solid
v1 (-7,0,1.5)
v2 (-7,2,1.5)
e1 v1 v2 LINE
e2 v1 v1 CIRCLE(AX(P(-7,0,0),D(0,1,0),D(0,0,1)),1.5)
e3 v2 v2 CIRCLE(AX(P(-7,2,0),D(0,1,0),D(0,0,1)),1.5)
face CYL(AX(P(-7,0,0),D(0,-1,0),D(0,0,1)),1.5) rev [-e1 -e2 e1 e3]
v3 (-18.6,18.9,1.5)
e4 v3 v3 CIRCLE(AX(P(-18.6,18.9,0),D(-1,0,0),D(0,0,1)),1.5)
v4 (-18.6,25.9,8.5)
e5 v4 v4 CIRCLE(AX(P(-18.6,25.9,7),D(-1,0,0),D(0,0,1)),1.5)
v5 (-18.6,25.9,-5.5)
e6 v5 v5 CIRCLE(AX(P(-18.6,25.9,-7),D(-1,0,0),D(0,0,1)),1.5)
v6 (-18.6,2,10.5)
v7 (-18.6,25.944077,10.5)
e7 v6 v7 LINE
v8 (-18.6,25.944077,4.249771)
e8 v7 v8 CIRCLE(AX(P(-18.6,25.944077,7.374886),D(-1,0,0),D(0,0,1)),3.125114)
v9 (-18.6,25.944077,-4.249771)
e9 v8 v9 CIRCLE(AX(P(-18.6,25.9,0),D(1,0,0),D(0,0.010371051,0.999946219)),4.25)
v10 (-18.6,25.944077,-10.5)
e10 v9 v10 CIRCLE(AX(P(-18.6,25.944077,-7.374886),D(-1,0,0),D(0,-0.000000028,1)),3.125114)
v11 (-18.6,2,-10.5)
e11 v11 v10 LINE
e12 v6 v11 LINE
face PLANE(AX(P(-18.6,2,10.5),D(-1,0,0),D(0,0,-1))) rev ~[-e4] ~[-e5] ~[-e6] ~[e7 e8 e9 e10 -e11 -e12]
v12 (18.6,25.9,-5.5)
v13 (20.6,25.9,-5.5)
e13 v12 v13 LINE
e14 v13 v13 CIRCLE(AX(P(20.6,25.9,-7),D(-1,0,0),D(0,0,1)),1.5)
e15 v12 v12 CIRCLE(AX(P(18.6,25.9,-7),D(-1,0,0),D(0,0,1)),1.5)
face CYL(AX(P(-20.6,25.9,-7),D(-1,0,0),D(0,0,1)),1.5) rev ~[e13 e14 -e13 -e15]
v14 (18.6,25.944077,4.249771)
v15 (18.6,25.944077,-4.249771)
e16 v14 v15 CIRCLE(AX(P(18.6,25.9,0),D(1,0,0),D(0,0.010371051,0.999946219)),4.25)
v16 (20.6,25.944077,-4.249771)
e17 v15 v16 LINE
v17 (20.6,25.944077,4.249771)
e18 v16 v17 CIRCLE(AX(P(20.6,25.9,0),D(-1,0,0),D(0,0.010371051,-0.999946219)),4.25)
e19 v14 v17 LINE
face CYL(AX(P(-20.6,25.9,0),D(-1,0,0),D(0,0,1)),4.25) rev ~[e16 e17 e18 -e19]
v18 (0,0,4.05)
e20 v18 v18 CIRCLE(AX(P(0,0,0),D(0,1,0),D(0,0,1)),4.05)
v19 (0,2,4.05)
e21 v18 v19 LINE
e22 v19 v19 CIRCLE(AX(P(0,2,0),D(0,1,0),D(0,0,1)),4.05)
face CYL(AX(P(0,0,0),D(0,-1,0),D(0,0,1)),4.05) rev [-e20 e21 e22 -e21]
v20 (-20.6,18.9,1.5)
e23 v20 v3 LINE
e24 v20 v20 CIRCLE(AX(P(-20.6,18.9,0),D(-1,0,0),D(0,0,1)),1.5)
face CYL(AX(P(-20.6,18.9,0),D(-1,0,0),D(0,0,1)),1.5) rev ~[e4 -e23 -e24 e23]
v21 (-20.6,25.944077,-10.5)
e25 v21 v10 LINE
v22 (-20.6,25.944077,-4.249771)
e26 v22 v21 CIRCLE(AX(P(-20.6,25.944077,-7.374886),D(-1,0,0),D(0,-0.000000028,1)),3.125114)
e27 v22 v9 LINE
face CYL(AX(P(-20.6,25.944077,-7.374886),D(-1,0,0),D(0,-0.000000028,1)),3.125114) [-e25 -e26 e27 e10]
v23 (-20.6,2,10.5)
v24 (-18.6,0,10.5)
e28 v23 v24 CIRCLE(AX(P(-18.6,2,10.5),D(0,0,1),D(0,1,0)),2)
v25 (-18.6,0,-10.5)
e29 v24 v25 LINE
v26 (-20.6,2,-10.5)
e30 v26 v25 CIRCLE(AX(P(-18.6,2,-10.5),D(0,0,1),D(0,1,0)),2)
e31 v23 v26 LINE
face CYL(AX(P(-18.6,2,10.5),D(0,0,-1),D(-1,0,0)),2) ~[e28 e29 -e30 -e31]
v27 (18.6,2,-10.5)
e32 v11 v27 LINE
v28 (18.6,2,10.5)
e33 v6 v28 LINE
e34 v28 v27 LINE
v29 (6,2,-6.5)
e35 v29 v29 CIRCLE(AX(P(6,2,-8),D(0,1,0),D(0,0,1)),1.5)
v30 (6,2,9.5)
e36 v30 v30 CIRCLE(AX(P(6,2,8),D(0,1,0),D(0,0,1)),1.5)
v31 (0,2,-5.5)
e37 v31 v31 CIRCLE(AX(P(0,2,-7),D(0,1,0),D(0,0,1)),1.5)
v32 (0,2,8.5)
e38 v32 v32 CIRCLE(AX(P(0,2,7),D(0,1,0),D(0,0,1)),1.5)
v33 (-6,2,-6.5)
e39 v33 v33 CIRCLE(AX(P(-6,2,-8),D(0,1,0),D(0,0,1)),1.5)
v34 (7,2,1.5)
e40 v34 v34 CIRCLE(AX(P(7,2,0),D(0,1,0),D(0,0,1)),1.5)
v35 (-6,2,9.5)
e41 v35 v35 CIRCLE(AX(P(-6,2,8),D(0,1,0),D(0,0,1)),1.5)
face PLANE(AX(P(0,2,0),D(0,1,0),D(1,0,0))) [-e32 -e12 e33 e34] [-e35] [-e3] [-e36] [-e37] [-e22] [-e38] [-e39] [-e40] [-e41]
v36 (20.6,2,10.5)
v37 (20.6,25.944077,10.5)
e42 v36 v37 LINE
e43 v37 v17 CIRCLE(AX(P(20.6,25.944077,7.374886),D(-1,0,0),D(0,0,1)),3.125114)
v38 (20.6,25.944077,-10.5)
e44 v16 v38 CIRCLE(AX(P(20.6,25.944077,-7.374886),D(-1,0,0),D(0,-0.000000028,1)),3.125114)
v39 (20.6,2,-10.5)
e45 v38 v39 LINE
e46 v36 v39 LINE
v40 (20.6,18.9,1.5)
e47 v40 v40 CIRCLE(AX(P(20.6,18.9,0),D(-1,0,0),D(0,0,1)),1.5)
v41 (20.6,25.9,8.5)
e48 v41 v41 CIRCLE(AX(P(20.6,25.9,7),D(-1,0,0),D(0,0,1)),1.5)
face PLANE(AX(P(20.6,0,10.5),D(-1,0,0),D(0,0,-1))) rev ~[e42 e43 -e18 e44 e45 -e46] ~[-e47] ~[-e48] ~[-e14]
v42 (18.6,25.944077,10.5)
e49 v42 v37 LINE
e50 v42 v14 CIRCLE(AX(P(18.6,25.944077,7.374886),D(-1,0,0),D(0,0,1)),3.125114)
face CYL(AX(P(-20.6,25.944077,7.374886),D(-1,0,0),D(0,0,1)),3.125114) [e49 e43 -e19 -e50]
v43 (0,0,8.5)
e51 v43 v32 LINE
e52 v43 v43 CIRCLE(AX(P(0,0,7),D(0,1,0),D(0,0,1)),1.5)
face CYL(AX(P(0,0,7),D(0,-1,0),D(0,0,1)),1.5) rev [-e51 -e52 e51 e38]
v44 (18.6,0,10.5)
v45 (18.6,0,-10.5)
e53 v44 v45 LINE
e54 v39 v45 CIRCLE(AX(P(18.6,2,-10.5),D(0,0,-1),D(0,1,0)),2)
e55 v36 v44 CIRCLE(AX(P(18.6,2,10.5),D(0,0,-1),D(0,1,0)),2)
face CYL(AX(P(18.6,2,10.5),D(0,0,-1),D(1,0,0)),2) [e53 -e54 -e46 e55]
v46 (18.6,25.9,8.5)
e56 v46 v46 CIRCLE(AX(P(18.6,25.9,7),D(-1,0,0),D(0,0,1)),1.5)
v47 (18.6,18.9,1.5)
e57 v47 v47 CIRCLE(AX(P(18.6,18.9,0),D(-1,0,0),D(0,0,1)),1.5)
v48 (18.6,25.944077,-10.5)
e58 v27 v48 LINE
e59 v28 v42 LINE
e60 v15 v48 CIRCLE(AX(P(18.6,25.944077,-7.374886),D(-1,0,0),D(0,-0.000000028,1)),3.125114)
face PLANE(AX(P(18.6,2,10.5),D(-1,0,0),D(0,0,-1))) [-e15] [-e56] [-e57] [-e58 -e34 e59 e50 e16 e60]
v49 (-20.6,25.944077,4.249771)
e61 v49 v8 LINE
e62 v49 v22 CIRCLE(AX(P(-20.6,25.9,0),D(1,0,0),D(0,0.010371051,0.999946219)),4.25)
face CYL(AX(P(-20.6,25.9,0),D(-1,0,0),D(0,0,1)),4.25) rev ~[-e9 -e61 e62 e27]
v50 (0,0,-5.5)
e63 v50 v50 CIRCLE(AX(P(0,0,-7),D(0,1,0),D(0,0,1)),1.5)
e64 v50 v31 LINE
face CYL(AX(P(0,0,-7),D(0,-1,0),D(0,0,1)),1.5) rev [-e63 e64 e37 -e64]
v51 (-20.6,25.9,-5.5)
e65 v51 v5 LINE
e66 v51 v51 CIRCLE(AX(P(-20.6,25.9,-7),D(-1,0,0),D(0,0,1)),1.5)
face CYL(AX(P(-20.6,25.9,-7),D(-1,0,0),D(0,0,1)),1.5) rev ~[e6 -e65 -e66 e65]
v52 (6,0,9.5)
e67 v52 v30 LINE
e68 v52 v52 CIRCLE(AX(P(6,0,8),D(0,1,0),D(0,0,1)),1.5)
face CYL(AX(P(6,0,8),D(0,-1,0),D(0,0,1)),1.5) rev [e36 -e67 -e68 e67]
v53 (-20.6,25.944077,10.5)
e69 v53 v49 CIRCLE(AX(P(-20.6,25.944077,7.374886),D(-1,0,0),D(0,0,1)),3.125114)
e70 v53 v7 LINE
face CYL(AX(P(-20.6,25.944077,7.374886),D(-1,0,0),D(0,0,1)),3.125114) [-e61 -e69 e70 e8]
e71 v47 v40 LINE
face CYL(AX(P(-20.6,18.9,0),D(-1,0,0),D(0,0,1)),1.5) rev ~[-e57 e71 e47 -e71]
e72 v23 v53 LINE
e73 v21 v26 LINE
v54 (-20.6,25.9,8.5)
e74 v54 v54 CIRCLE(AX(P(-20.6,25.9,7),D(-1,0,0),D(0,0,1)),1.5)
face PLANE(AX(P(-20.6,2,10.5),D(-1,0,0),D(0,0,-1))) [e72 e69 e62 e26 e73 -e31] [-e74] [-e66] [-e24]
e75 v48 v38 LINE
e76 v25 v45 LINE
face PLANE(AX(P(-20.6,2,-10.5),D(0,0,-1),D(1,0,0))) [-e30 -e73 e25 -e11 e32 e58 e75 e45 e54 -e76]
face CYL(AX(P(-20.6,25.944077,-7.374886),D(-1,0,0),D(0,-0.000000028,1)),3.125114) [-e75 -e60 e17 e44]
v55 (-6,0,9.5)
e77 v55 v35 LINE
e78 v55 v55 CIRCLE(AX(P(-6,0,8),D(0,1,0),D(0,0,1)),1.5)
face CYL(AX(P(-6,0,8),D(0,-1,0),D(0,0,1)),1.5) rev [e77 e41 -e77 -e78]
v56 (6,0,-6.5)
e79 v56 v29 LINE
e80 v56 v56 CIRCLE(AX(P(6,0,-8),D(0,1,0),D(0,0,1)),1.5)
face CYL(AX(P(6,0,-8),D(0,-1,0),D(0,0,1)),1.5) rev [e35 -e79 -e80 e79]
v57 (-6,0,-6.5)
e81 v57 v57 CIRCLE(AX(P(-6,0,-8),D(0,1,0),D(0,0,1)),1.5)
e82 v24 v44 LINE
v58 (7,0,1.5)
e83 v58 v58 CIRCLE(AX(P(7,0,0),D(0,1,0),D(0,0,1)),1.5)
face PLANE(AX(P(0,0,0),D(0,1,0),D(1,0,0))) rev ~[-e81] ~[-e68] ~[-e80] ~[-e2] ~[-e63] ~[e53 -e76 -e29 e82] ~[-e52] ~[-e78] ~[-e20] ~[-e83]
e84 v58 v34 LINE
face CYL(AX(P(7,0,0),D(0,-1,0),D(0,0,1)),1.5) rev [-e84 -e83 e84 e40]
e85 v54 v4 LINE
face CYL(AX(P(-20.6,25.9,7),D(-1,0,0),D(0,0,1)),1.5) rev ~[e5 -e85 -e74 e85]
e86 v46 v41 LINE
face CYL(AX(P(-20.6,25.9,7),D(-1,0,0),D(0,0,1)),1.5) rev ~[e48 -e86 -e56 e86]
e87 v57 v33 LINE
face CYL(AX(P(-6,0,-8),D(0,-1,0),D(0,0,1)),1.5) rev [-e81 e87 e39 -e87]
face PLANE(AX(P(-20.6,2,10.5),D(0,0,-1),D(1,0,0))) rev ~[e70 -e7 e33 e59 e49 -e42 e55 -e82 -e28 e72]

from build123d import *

# Parameters (mm, degrees)
SKETCH1_W           = 41.2
SKETCH1_H           = 21
SKETCH1_R           = 4.05
SKETCH1_R_2         = 1.5
BOSS_EXTRUDE1_DEPTH = 2
SKETCH2_W           = 2
SKETCH2_H           = 21
BOSS_EXTRUDE2_DEPTH = 28.2
SKETCH3_R           = 1.5
SKETCH3_R_2         = 4.25
CUT_EXTRUDE1_DEPTH  = 53.151030671
CUT_EXTRUDE2_DEPTH  = 53.151030671
FILLET1_R           = 2


with BuildPart() as part:
    # Sketch1 → Boss-Extrude1 (new body)
    with BuildSketch(Plane(origin=(0, 0, 0), x_dir=(1, 0, 0), z_dir=(0, 1, 0))):
        Rectangle(SKETCH1_W, SKETCH1_H)
        with Locations(Location((0, 0, 0), (0, 0, 270))):
            Circle(SKETCH1_R, mode=Mode.SUBTRACT)
        with Locations(Location((0, 7, 0), (0, 0, 270))):
            Circle(SKETCH1_R_2, mode=Mode.SUBTRACT)
        with Locations(Location((7, 0, 0), (0, 0, 270))):
            Circle(SKETCH1_R_2, mode=Mode.SUBTRACT)
        with Locations(Location((0, -7, 0), (0, 0, 270))):
            Circle(SKETCH1_R_2, mode=Mode.SUBTRACT)
        with Locations(Location((-7, 0, 0), (0, 0, 270))):
            Circle(SKETCH1_R_2, mode=Mode.SUBTRACT)
        with Locations(Location((6, -8, 0), (0, 0, 270))):
            Circle(SKETCH1_R_2, mode=Mode.SUBTRACT)
        with Locations(Location((6, 8, 0), (0, 0, 270))):
            Circle(SKETCH1_R_2, mode=Mode.SUBTRACT)
        with Locations(Location((-6, 8, 0), (0, 0, 270))):
            Circle(SKETCH1_R_2, mode=Mode.SUBTRACT)
        with Locations(Location((-6, -8, 0), (0, 0, 270))):
            Circle(SKETCH1_R_2, mode=Mode.SUBTRACT)
    extrude(amount=BOSS_EXTRUDE1_DEPTH)

    # Sketch2 → Boss-Extrude2 (add)
    with BuildSketch(Plane(origin=(0, 2, 0), x_dir=(1, 0, 0), z_dir=(0, 1, 0))):
        with Locations((-19.6, 0)):
            Rectangle(SKETCH2_W, SKETCH2_H)
        with Locations((19.6, 0)):
            Rectangle(SKETCH2_W, SKETCH2_H)
    extrude(amount=BOSS_EXTRUDE2_DEPTH)

    # Sketch3 → Cut-Extrude1 (cut, through all)
    with BuildSketch(Plane.ZY.offset(20.6)):
        with Locations((-7, 25.9)):
            Circle(SKETCH3_R)
        with Locations((0, 18.9)):
            Circle(SKETCH3_R)
        with Locations((7, 25.9)):
            Circle(SKETCH3_R)
        with Locations((0, 25.9)):
            Circle(SKETCH3_R_2)
    extrude(amount=-CUT_EXTRUDE1_DEPTH, mode=Mode.SUBTRACT)

    # Sketch4 → Cut-Extrude2 (cut, through all)
    with BuildSketch(Plane.ZY.offset(20.6)):
        with BuildLine():
            Line((-10.5, 25.944077053), (-10.5, 30.2))
            Line((-10.5, 30.2), (10.5, 30.2))
            Line((10.5, 30.2), (10.5, 25.944076968))
            ThreePointArc((10.5, 25.944076968), (7.374885716, 29.069191252), (4.249771432, 25.944076968))
            ThreePointArc((4.249771432, 25.944076968), (0, 21.69430542), (-4.249771432, 25.944076968))
            ThreePointArc((-4.249771432, 25.944076968), (-7.374885673, 29.069191338), (-10.5, 25.944077053))
        make_face()
    extrude(amount=-CUT_EXTRUDE2_DEPTH, mode=Mode.SUBTRACT)

    # Fillet1
    fillet1_edges = [part.edges().sort_by_distance(p)[0] for p in [
        (20.6, 0, 0),
        (-20.6, 0, 0),
    ]]
    fillet(fillet1_edges, radius=FILLET1_R)


solid = part.part
